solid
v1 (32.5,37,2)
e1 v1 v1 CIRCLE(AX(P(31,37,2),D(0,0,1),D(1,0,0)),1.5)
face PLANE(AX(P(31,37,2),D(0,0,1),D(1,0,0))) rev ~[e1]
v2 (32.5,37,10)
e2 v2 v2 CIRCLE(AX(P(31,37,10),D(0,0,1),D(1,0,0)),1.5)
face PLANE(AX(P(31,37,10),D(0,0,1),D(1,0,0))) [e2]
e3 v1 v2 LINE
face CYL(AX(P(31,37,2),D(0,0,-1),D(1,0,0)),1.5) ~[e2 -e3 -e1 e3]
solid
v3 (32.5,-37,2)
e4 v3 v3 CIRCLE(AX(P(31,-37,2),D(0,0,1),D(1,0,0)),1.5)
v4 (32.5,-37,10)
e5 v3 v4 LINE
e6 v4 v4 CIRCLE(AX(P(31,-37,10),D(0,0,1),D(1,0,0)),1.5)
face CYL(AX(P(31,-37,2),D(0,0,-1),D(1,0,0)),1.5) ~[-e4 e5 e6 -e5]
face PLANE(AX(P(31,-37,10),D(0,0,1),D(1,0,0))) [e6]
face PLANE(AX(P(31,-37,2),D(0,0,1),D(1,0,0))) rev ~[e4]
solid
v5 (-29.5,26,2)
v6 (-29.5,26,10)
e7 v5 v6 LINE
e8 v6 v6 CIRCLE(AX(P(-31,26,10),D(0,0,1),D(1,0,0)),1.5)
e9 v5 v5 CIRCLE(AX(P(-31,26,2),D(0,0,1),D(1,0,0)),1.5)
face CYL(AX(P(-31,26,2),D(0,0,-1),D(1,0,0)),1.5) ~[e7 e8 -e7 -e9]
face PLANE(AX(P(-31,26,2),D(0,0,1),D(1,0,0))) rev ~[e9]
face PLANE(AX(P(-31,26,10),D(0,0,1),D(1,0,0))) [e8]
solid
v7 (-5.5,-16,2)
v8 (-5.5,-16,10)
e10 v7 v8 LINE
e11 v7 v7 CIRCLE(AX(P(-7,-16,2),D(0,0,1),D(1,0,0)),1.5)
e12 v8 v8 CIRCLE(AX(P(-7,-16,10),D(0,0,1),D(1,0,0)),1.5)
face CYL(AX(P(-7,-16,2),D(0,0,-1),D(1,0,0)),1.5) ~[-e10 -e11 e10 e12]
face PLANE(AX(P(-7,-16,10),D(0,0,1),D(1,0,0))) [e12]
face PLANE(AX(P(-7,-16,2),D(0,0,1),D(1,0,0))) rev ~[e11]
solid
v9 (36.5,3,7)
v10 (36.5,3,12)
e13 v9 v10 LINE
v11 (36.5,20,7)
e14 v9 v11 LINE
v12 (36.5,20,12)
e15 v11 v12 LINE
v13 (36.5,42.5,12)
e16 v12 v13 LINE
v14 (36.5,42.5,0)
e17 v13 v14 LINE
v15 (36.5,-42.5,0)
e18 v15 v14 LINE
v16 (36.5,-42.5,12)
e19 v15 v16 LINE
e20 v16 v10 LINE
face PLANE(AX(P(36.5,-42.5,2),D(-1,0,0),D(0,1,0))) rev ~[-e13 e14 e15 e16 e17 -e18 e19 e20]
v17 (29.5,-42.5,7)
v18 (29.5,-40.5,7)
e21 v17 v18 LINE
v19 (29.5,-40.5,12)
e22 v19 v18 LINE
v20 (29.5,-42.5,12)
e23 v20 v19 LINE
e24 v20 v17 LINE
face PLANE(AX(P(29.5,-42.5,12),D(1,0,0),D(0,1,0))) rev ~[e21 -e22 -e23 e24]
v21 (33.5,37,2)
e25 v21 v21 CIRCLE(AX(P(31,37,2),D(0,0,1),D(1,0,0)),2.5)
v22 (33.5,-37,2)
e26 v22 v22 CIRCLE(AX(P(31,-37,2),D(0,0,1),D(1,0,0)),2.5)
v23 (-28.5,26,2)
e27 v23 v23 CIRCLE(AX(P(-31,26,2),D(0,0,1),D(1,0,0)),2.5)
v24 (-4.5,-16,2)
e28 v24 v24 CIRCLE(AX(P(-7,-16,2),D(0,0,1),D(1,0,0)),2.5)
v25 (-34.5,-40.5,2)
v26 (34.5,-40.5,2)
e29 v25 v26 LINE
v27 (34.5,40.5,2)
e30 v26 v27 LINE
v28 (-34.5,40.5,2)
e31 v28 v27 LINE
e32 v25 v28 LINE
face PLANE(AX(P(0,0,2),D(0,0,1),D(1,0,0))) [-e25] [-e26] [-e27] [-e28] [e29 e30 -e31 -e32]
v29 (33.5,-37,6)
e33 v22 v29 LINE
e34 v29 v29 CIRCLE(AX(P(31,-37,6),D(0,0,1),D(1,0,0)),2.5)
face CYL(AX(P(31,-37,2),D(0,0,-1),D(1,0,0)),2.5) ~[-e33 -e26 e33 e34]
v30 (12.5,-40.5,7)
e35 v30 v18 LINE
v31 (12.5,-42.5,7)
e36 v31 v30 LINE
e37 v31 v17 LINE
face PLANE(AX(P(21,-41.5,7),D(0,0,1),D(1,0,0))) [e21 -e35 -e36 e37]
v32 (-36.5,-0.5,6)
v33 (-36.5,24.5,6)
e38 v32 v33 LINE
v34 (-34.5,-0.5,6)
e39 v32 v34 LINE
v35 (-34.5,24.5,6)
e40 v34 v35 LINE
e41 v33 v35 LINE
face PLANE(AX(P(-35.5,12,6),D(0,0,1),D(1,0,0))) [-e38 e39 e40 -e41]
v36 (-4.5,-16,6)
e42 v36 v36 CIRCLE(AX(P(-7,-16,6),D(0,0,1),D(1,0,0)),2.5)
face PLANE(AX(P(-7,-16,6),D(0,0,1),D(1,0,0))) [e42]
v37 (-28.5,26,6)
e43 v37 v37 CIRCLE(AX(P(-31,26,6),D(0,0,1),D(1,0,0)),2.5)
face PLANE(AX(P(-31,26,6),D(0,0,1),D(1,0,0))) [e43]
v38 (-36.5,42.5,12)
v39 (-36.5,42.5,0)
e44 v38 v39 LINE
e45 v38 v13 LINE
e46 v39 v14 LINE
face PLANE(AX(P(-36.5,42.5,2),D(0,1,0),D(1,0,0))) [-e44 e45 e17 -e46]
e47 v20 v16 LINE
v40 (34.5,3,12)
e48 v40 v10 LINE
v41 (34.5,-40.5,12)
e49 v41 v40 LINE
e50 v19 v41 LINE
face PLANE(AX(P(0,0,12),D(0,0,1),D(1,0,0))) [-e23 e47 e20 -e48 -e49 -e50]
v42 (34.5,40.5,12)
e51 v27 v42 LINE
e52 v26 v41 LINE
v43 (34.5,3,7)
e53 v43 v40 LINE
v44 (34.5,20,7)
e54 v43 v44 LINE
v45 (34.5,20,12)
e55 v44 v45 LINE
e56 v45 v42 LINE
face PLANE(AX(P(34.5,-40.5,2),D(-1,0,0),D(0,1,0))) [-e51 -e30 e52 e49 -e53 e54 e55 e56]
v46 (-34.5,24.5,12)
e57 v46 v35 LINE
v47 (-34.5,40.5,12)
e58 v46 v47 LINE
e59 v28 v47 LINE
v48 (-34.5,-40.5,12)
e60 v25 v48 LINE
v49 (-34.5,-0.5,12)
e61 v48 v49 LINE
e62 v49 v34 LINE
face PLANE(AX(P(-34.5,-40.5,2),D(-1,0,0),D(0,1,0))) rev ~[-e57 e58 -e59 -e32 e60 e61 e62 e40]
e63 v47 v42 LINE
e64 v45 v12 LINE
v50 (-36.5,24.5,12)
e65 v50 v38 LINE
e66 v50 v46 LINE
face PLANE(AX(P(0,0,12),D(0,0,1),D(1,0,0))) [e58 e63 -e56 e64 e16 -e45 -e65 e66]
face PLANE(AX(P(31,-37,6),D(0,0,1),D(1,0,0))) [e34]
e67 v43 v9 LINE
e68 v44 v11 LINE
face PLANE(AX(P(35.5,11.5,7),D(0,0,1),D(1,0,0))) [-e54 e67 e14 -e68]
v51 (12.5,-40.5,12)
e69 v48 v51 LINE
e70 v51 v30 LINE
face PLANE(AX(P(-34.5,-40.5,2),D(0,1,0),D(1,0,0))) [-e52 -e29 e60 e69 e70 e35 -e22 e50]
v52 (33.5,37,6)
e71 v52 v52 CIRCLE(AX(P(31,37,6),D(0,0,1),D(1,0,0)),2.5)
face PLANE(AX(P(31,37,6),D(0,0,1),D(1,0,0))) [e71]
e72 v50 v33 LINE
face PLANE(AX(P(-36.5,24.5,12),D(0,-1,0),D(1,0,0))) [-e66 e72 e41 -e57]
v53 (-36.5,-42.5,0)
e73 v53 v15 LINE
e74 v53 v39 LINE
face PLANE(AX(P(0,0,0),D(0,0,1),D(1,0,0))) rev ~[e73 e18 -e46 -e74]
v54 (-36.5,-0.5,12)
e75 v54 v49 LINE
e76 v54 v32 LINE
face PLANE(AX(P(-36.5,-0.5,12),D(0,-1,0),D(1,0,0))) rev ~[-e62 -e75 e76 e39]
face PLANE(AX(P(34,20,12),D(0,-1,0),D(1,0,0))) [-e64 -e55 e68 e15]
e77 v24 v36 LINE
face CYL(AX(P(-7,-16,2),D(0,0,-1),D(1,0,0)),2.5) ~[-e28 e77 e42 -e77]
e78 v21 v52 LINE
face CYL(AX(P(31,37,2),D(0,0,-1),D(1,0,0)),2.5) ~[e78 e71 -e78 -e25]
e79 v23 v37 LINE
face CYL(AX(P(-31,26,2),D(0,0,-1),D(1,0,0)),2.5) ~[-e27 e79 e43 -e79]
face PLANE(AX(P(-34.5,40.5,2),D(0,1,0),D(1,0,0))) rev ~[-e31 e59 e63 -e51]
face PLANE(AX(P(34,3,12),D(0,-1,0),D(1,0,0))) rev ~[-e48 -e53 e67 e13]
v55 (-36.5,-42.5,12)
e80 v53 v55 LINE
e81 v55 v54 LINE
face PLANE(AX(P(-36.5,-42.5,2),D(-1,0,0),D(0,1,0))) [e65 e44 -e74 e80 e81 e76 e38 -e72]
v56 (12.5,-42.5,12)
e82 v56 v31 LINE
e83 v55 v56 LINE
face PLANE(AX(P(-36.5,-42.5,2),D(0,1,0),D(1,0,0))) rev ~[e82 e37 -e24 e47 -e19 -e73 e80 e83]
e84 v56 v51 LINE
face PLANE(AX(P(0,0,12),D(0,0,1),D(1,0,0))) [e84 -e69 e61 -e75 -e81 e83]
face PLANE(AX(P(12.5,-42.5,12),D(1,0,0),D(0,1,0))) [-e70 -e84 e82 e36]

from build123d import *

# Parameters (mm, degrees)
SKETCH008_R     = 1.5
PAD003_DEPTH    = 8
SKETCH_W        = 73
SKETCH_H        = 85
PAD_DEPTH       = 2
SKETCH001_W     = 73
SKETCH001_H     = 85
SKETCH001_W_2   = 69
SKETCH001_H_2   = 81
PAD001_DEPTH    = 10
SKETCH003_W     = 2
SKETCH003_H     = 25
POCKET_DEPTH    = 6
SKETCH004_R     = 2.5
PAD002_DEPTH    = 4
SKETCH009_W     = 3
SKETCH009_H     = 17
POCKET001_DEPTH = 5
SKETCH010_W     = 17
SKETCH010_H     = 2
POCKET002_DEPTH = 5


with BuildPart() as pad003:
    # Sketch008 → Pad003 (new body)
    with BuildSketch(Plane.XY.offset(2)):
        with Locations((-31, 26)):
            Circle(SKETCH008_R)
        with Locations((31, 37)):
            Circle(SKETCH008_R)
        with Locations((31, -37)):
            Circle(SKETCH008_R)
        with Locations((-7, -16)):
            Circle(SKETCH008_R)
    extrude(amount=PAD003_DEPTH)


with BuildPart() as pocket002:
    # Sketch → Pad (new body)
    with BuildSketch(Plane.XY):
        Rectangle(SKETCH_W, SKETCH_H)
    extrude(amount=PAD_DEPTH)

    # Sketch001 → Pad001 (new body)
    with BuildSketch(Plane.XY.offset(2)):
        Rectangle(SKETCH001_W, SKETCH001_H)
        Rectangle(SKETCH001_W_2, SKETCH001_H_2, mode=Mode.SUBTRACT)
    extrude(amount=PAD001_DEPTH)

    # Sketch003 → Pocket (cut)
    with BuildSketch(Plane.XY.offset(12)):
        with Locations((-35.5, 12)):
            Rectangle(SKETCH003_W, SKETCH003_H)
    extrude(amount=-POCKET_DEPTH, mode=Mode.SUBTRACT)

    # Sketch004 → Pad002 (new body)
    with BuildSketch(Plane.XY.offset(2)):
        with Locations((-31, 26)):
            Circle(SKETCH004_R)
        with Locations((31, 37)):
            Circle(SKETCH004_R)
        with Locations((31, -37)):
            Circle(SKETCH004_R)
        with Locations((-7, -16)):
            Circle(SKETCH004_R)
    extrude(amount=PAD002_DEPTH)

    # Sketch009 → Pocket001 (cut)
    with BuildSketch(Plane.XY.offset(12)):
        with Locations((35.5, 11.5)):
            Rectangle(SKETCH009_W, SKETCH009_H)
    extrude(amount=-POCKET001_DEPTH, mode=Mode.SUBTRACT)

    # Sketch010 → Pocket002 (cut)
    with BuildSketch(Plane.XY.offset(12)):
        with Locations((21, -41.5)):
            Rectangle(SKETCH010_W, SKETCH010_H)
    extrude(amount=-POCKET002_DEPTH, mode=Mode.SUBTRACT)


solid = Compound([pad003.part, pocket002.part])
